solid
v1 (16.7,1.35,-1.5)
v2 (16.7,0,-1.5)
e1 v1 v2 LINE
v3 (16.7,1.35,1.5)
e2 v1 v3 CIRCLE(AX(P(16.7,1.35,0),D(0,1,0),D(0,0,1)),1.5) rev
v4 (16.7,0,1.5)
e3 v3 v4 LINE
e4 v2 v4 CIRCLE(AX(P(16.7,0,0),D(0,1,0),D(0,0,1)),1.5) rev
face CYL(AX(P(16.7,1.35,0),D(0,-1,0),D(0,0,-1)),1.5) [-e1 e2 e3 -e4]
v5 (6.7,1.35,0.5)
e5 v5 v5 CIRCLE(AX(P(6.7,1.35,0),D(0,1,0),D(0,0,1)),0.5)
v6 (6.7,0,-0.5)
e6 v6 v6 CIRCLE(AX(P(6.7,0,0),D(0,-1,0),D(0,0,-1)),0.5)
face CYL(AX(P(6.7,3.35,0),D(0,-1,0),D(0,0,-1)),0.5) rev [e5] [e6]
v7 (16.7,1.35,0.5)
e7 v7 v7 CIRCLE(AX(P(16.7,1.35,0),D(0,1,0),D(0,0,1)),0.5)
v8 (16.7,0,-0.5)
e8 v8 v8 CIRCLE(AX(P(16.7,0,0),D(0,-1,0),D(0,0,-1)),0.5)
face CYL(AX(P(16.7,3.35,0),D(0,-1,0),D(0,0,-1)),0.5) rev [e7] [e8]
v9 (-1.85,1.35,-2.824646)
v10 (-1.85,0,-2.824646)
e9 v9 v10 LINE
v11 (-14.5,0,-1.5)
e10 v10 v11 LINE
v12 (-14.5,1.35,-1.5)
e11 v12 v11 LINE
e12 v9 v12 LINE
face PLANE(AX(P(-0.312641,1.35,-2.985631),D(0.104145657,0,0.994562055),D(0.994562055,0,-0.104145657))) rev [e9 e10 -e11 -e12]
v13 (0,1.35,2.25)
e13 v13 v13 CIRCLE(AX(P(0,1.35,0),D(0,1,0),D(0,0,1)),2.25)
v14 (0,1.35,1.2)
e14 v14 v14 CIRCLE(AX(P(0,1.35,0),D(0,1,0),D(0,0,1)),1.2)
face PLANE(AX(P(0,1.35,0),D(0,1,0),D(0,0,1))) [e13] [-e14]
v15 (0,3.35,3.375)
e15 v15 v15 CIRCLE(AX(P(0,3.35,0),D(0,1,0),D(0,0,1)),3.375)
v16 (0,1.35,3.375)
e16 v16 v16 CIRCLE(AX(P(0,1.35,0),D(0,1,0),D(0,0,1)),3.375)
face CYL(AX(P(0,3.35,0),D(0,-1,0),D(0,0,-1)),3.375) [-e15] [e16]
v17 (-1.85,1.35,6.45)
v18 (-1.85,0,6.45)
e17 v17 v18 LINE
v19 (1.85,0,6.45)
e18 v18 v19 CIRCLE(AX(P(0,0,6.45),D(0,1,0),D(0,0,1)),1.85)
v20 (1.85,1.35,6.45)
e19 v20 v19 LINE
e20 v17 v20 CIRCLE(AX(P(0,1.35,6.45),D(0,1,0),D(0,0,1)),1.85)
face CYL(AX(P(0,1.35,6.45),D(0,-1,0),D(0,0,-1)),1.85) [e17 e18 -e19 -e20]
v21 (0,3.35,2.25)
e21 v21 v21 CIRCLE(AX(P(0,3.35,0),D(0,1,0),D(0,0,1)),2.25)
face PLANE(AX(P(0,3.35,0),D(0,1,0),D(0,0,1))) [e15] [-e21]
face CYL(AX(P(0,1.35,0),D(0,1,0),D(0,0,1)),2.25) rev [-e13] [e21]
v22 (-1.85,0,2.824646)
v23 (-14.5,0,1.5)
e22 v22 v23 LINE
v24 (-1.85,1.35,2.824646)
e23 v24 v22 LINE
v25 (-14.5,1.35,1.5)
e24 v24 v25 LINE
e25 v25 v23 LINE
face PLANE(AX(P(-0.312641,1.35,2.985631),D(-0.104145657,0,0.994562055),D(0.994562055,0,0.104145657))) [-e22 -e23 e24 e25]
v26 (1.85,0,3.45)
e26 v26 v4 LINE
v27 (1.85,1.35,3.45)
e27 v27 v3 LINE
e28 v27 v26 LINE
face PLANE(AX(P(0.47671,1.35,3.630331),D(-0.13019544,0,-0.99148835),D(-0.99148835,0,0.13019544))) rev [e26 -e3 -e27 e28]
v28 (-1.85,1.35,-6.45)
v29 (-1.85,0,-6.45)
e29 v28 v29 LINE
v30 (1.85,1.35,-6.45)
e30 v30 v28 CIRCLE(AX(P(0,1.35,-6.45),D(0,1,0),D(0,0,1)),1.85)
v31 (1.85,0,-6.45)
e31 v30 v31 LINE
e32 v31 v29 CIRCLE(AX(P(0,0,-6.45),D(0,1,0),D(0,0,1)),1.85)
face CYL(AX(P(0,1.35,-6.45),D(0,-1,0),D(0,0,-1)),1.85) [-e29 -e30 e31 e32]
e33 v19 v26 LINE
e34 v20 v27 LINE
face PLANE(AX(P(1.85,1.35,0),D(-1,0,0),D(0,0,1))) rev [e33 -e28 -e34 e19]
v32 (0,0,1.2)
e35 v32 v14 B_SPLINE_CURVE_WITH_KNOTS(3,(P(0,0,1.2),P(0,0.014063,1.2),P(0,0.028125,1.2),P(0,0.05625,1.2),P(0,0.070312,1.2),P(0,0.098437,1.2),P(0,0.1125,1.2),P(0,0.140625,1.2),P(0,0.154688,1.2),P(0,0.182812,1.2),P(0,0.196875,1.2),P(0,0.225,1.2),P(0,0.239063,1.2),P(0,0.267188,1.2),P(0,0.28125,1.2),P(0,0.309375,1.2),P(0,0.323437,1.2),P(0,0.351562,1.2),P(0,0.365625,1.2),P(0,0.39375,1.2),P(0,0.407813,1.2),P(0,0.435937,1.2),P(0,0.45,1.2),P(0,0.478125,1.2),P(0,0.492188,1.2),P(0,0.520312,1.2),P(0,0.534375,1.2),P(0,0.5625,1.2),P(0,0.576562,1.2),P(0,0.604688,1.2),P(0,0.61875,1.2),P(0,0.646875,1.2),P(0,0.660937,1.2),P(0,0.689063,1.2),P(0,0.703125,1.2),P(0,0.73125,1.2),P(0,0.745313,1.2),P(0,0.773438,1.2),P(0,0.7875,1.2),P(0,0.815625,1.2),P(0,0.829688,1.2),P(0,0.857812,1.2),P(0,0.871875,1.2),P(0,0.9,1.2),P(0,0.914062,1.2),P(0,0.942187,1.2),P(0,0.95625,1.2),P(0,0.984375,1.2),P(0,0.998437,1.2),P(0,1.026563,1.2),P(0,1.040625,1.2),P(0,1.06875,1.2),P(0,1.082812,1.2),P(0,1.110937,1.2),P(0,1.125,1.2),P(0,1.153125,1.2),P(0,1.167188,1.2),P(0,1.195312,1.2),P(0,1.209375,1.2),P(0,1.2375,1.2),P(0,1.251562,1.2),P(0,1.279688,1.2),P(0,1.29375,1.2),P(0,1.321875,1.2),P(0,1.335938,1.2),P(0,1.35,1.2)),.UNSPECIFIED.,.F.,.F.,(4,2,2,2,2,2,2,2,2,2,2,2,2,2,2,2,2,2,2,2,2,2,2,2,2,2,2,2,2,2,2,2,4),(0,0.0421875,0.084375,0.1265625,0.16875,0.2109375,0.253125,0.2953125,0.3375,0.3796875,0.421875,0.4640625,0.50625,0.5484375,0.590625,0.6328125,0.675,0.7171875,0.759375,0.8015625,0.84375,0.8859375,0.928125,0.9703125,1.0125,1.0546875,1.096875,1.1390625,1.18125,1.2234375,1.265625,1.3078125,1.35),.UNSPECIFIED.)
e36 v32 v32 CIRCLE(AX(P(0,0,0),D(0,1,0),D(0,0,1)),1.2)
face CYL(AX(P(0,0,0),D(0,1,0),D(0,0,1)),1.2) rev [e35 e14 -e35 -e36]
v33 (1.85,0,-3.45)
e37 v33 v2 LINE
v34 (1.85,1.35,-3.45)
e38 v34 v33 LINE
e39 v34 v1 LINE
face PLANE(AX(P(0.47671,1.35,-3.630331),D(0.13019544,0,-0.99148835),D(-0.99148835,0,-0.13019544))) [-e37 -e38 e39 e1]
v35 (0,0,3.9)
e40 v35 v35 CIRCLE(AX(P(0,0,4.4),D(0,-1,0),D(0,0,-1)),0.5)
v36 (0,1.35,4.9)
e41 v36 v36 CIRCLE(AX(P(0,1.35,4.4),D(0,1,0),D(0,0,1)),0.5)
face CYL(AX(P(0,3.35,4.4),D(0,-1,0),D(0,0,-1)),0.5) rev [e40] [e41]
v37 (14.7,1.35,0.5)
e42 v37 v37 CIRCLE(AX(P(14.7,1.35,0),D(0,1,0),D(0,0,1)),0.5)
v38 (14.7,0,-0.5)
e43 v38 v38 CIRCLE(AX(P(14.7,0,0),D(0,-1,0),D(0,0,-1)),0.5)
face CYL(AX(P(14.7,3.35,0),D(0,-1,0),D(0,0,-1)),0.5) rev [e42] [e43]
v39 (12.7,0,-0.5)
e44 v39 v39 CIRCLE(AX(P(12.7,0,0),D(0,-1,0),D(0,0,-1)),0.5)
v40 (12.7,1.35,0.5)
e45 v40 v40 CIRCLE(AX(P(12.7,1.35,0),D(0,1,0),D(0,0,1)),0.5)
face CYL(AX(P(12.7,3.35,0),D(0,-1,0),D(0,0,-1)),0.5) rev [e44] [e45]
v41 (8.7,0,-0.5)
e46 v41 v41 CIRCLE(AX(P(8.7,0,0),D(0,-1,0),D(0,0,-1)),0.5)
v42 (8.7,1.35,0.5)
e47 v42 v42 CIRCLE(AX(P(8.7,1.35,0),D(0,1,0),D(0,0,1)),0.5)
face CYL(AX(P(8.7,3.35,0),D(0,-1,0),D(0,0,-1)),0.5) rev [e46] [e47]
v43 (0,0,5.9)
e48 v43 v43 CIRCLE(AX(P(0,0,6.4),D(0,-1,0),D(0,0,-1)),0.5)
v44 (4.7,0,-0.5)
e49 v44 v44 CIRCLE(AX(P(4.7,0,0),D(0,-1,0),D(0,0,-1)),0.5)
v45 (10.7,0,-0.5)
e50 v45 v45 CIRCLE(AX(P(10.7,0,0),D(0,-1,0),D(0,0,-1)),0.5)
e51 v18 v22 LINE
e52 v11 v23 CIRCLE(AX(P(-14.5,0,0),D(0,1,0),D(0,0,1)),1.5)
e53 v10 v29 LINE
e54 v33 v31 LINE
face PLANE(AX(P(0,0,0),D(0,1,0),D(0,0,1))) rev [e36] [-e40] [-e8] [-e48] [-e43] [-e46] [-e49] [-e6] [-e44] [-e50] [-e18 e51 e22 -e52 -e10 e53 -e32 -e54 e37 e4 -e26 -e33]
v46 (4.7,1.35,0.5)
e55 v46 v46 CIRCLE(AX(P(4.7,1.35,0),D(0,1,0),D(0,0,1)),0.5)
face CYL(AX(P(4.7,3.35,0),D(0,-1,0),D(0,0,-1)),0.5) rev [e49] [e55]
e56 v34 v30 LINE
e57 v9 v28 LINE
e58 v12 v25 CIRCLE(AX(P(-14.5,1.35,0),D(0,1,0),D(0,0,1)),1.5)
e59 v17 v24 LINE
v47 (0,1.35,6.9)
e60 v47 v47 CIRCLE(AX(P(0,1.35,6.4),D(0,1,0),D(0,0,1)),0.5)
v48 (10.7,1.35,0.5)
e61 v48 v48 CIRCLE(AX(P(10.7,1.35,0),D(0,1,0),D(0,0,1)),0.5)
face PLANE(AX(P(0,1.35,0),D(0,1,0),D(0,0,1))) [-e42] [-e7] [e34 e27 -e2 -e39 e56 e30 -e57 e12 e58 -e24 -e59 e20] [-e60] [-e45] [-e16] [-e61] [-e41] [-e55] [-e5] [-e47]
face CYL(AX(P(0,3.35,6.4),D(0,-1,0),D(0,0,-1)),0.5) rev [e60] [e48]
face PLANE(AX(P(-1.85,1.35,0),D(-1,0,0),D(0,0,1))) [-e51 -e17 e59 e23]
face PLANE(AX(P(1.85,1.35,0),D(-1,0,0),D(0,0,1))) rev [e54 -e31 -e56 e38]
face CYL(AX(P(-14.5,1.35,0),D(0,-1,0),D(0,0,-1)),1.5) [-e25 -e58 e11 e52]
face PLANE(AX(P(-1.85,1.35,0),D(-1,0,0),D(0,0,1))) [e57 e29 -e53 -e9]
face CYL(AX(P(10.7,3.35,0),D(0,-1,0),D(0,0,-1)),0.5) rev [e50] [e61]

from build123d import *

# Parameters (mm, degrees)
SCHIZZO1_R                   = 3.375
ESTRUSIONE_ESTRUSIONE1_DEPTH = 1.35
SCHIZZO2_R                   = 3.375
ESTRUSIONE_ESTRUSIONE2_DEPTH = 2
SCHIZZO3_R                   = 2.25
TAGLIO_ESTRUSIONE1_DEPTH     = 2
SCHIZZO4_R                   = 1.2
TAGLIO_ESTRUSIONE2_DEPTH     = 21.102984853
SCHIZZO5_R                   = 0.5
TAGLIO_ESTRUSIONE3_DEPTH     = 21.281826841


with BuildPart() as part:
    # Schizzo1 → Estrusione-Estrusione1 (new body)
    with BuildSketch(Plane(origin=(0, 0, 0), x_dir=(1, 0, 0), z_dir=(0, 1, 0))):
        Circle(SCHIZZO1_R)
        with BuildLine():
            Line((-1.846618531, 2.825), (-14.5, 1.5))
            ThreePointArc((-14.5, 1.5), (-16, 0), (-14.5, -1.5))
            Line((-14.5, -1.5), (-1.846618531, -2.825))
            Line((-1.846618531, -2.825), (-1.846618531, 2.825))
        make_face()
        with BuildLine():
            Line((1.85, 3.45), (1.85, -3.45))
            Line((1.85, -3.45), (16.7, -1.5))
            ThreePointArc((16.7, -1.5), (18.2, 0), (16.7, 1.5))
            Line((16.7, 1.5), (1.85, 3.45))
        make_face()
        with BuildLine():
            Line((-1.85, -6.45), (-1.85, 6.45))
            ThreePointArc((-1.85, 6.45), (0, 8.3), (1.85, 6.45))
            Line((1.85, 6.45), (1.85, -6.45))
            ThreePointArc((1.85, -6.45), (0, -8.3), (-1.85, -6.45))
        make_face()
    extrude(amount=ESTRUSIONE_ESTRUSIONE1_DEPTH)

    # Schizzo2 → Estrusione-Estrusione2 (add)
    with BuildSketch(Plane(origin=(0, 1.35, 0), x_dir=(1, 0, 0), z_dir=(0, 1, 0))):
        with Locations(Location((0, 0, 0), (0, 0, 270))):
            Circle(SCHIZZO2_R)
    extrude(amount=ESTRUSIONE_ESTRUSIONE2_DEPTH)

    # Schizzo3 → Taglio-Estrusione1 (cut)
    with BuildSketch(Plane(origin=(0, 3.35, 0), x_dir=(1, 0, 0), z_dir=(0, 1, 0))):
        with Locations(Location((0, 0, 0), (0, 0, 270))):
            Circle(SCHIZZO3_R)
    extrude(amount=-TAGLIO_ESTRUSIONE1_DEPTH, mode=Mode.SUBTRACT)

    # Schizzo4 → Taglio-Estrusione2 (cut, through all)
    with BuildSketch(Plane(origin=(0, 1.35, 0), x_dir=(1, 0, 0), z_dir=(0, 1, 0))):
        with Locations(Location((0, 0, 0), (0, 0, 270))):
            Circle(SCHIZZO4_R)
    extrude(amount=-TAGLIO_ESTRUSIONE2_DEPTH, mode=Mode.SUBTRACT)

    # Schizzo5 → Taglio-Estrusione3 (cut, through all)
    with BuildSketch(Plane.XZ):
        with Locations(Location((8.7, 0, 0), (0, 0, 270))):
            Circle(SCHIZZO5_R)
        with Locations(Location((10.7, 0, 0), (0, 0, 270))):
            Circle(SCHIZZO5_R)
        with Locations(Location((12.7, 0, 0), (0, 0, 270))):
            Circle(SCHIZZO5_R)
        with Locations(Location((14.7, 0, 0), (0, 0, 270))):
            Circle(SCHIZZO5_R)
        with Locations(Location((16.7, 0, 0), (0, 0, 270))):
            Circle(SCHIZZO5_R)
        with Locations(Location((6.7, 0, 0), (0, 0, 270))):
            Circle(SCHIZZO5_R)
        with Locations(Location((4.7, 0, 0), (0, 0, 270))):
            Circle(SCHIZZO5_R)
        with Locations(Location((0, 4.4, 0), (0, 0, 270))):
            Circle(SCHIZZO5_R)
        with Locations(Location((0, 6.4, 0), (0, 0, 270))):
            Circle(SCHIZZO5_R)
    extrude(amount=-TAGLIO_ESTRUSIONE3_DEPTH, mode=Mode.SUBTRACT)


solid = part.part
